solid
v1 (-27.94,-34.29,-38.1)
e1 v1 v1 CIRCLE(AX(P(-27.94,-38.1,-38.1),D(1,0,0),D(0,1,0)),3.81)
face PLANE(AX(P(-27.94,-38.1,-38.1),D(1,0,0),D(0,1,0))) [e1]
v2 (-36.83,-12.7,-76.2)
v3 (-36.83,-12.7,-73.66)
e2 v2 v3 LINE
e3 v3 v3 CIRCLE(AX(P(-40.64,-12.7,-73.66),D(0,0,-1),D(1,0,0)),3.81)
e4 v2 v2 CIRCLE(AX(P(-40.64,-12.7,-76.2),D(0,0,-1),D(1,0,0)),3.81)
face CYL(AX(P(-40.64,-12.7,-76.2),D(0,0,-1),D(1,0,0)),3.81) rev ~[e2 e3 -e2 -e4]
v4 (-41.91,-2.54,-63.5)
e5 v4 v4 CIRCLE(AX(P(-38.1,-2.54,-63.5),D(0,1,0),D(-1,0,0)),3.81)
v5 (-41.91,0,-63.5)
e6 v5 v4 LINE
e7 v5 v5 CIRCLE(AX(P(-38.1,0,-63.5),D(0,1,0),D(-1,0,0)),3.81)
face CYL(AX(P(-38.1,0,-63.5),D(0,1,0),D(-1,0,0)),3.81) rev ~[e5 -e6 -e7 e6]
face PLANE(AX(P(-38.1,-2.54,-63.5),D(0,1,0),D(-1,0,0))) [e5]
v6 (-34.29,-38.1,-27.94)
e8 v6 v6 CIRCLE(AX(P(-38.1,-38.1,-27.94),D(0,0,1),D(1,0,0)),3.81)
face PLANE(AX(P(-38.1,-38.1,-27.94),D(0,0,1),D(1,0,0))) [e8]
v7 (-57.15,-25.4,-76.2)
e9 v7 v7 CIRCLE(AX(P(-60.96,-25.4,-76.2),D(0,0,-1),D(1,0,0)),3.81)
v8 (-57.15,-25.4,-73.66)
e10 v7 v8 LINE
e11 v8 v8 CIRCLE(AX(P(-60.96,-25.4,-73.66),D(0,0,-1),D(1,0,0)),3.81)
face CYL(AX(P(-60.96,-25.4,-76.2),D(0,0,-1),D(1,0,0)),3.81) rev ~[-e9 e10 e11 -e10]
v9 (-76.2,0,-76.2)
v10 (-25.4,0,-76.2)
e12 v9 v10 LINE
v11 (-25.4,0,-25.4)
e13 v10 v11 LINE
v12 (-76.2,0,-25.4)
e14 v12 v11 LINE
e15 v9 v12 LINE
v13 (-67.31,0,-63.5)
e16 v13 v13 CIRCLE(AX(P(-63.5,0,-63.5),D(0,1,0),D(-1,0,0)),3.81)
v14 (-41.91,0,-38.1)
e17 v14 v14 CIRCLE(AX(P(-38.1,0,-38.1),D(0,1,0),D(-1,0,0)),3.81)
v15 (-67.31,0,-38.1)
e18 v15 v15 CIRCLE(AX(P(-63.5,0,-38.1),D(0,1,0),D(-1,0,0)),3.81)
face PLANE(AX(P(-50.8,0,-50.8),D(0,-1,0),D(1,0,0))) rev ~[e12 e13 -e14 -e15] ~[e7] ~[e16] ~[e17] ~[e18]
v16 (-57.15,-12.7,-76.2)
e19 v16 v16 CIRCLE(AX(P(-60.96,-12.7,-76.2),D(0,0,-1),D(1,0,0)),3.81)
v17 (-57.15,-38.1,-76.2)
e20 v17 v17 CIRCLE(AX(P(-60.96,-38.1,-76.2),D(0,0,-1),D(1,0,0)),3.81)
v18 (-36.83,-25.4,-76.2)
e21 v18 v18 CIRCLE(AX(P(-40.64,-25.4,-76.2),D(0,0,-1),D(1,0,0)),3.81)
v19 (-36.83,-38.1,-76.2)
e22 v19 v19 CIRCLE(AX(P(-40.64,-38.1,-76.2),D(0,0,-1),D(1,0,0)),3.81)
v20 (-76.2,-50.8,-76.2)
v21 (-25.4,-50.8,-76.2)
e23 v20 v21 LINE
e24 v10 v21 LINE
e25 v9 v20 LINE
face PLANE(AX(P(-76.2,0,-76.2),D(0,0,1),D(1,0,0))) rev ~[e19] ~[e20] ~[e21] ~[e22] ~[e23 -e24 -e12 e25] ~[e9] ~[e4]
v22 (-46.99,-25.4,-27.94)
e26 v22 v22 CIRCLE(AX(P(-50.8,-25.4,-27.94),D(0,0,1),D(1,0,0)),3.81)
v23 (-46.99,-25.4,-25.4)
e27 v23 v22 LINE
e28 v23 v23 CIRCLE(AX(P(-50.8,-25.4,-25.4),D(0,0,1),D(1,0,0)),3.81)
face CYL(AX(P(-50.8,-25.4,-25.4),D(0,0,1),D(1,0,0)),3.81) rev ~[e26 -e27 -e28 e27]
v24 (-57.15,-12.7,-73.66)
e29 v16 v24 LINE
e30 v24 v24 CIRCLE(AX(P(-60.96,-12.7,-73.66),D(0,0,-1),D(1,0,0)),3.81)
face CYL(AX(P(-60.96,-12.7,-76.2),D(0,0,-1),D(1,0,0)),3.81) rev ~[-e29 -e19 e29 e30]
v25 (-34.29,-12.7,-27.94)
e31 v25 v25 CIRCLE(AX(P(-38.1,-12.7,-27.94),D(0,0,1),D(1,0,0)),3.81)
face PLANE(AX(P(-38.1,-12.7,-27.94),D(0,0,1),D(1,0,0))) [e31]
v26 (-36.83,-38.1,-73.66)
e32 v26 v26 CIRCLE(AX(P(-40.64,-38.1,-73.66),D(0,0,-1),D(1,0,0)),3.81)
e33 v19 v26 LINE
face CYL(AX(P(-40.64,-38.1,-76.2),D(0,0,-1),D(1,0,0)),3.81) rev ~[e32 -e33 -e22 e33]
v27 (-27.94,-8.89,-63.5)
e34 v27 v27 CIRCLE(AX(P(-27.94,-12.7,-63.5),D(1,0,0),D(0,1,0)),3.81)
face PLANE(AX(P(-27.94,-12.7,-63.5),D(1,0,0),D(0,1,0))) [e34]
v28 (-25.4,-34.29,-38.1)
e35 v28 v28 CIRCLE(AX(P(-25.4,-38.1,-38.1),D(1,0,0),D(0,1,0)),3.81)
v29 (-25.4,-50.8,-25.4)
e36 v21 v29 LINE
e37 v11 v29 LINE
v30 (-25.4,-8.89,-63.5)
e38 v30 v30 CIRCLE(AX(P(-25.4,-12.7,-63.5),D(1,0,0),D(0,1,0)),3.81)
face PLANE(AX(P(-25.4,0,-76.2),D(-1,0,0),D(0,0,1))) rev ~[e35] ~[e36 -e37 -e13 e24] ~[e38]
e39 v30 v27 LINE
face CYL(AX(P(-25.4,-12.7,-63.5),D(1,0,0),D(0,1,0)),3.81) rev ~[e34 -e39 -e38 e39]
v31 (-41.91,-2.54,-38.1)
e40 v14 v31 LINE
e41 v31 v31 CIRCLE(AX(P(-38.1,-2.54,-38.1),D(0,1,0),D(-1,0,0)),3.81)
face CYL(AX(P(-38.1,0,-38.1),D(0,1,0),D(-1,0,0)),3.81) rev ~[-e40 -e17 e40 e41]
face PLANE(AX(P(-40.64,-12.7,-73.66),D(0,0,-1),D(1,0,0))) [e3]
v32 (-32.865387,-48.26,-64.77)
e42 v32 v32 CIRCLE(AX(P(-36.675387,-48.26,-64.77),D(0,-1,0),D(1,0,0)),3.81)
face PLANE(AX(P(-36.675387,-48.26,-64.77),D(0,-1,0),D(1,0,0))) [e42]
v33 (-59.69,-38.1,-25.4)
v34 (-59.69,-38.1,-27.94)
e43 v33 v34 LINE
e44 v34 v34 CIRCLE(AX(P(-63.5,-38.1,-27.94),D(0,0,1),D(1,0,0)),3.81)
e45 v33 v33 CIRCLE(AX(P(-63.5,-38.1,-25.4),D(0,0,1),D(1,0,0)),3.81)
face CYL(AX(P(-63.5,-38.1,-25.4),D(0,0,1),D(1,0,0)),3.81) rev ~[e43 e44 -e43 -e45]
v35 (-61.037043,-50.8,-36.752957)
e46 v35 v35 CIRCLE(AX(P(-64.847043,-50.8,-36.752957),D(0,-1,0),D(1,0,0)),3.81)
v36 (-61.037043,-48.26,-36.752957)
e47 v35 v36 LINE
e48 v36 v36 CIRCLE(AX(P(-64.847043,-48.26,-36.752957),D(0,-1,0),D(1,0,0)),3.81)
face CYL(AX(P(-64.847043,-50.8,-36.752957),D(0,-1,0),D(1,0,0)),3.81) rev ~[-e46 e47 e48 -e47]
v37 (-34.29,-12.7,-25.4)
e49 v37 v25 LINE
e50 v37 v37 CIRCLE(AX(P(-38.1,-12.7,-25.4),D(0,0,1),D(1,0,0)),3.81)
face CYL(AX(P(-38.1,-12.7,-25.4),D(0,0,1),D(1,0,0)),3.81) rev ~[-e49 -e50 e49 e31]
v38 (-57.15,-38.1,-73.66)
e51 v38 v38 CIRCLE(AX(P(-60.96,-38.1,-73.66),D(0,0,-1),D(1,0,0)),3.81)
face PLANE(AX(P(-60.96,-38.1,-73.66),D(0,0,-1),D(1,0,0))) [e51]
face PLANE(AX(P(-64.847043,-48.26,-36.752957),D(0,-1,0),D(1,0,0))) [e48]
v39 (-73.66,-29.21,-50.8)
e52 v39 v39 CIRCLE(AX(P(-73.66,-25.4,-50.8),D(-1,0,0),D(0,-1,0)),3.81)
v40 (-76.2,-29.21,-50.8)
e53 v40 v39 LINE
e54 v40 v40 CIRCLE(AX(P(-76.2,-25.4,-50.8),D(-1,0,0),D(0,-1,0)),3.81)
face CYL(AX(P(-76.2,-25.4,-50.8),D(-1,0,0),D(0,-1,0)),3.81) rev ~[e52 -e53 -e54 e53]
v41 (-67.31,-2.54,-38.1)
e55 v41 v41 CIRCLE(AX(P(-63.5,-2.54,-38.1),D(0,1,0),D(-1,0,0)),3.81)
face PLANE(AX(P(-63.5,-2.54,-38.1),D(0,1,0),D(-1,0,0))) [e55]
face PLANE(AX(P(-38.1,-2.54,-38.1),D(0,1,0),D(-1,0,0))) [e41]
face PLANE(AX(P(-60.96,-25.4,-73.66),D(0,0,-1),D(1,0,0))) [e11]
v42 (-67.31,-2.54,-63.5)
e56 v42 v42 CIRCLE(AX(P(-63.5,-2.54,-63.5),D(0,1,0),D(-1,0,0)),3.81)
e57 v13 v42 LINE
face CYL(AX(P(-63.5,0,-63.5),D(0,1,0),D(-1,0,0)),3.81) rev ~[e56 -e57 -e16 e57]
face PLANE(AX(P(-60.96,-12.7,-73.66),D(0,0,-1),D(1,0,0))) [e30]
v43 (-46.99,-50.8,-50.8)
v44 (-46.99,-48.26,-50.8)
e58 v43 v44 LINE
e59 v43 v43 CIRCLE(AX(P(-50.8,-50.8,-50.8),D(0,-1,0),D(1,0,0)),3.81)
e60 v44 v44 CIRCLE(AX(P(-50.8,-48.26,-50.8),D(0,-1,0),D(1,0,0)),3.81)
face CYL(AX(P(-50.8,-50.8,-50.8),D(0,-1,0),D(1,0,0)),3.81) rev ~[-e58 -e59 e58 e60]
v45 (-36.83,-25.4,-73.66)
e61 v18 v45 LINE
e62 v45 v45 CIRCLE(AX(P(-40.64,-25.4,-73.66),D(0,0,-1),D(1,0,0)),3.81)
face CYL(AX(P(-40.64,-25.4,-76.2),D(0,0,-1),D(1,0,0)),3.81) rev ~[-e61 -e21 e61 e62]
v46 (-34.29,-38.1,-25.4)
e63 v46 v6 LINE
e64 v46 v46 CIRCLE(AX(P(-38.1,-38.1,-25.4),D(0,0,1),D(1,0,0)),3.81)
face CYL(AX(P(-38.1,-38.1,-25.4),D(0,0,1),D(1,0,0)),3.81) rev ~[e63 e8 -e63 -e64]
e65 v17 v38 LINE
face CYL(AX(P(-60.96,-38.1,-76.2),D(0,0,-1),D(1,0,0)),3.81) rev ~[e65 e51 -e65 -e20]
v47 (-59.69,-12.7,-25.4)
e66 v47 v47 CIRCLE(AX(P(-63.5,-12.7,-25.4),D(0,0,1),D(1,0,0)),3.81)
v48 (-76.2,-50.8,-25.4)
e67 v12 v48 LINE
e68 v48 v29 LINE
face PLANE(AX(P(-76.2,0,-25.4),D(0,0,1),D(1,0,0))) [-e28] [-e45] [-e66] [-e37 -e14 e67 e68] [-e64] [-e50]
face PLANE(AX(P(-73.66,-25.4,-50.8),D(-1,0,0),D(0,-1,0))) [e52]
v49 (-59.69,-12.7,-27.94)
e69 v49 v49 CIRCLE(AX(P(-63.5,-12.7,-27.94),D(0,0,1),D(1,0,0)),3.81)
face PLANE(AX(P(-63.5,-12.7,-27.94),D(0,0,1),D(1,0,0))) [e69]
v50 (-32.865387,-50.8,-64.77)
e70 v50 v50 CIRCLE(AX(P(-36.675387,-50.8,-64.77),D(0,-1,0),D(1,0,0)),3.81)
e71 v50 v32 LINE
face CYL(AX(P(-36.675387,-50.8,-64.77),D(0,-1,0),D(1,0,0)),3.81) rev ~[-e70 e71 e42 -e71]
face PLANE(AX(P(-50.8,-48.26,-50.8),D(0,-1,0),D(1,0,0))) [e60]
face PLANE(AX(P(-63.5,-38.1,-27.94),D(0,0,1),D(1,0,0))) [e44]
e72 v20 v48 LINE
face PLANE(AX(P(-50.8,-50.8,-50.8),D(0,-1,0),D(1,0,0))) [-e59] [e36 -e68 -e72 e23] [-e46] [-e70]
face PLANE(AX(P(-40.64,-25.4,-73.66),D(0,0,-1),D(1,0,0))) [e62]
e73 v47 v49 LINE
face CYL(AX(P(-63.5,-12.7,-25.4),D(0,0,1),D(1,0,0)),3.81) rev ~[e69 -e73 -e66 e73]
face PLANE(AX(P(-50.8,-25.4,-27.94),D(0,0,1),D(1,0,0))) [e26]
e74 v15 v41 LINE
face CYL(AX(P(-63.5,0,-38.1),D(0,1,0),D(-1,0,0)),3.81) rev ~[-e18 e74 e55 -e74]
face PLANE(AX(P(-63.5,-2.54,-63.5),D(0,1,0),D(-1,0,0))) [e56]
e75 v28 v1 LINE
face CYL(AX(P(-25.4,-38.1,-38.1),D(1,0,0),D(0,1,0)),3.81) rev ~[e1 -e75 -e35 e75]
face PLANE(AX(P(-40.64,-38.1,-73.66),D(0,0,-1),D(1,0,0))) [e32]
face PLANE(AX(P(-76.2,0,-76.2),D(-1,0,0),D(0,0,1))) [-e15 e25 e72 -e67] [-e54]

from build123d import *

# Parameters (mm, degrees)
F0_W      = 50.8
F0_H      = 50.8
F1_DEPTH  = 50.8
F2_R      = 3.81
F3_DEPTH  = 2.54
F4_R      = 3.81
F5_DEPTH  = 2.54
F6_R      = 3.81
F7_DEPTH  = 2.54
F8_R      = 3.81
F9_DEPTH  = 2.54
F10_R     = 3.81
F11_DEPTH = 2.54
F12_R     = 3.81
F13_DEPTH = 2.54


with BuildPart() as f1:
    # F0 (on Front) → F1 (new body)
    with BuildSketch(Plane.XZ):
        with Locations((-50.8, -50.8)):
            Rectangle(F0_W, F0_H)
    extrude(amount=F1_DEPTH)

    # F2 (on face) → F3 (cut)
    with BuildSketch(Plane(origin=(-76.2, 0, 0), x_dir=(0, -1, 0), z_dir=(-1, 0, 0))):
        with Locations((25.4, -50.8)):
            Circle(F2_R)
    extrude(amount=-F3_DEPTH, mode=Mode.SUBTRACT)

    # F4 (on face) → F5 (cut)
    with BuildSketch(Plane.YZ.offset(-25.4)):
        with Locations((-12.7, -63.5)):
            Circle(F4_R)
        with Locations((-38.1, -38.1)):
            Circle(F4_R)
    extrude(amount=-F5_DEPTH, mode=Mode.SUBTRACT)

    # F6 (on face) → F7 (cut)
    with BuildSketch(Plane.XZ.offset(50.8)):
        with Locations((-50.8, -50.8)):
            Circle(F6_R)
        with Locations((-64.847043, -36.752957)):
            Circle(F6_R)
        with Locations((-36.675387, -64.77)):
            Circle(F6_R)
    extrude(amount=-F7_DEPTH, mode=Mode.SUBTRACT)

    # F8 (on face) → F9 (cut)
    with BuildSketch(Plane(origin=(0, 0, 0), x_dir=(-1, 0, 0), z_dir=(0, 1, 0))):
        with Locations((38.1, -38.1)):
            Circle(F8_R)
        with Locations((63.5, -38.1)):
            Circle(F8_R)
        with Locations((38.1, -63.5)):
            Circle(F8_R)
        with Locations((63.5, -63.5)):
            Circle(F8_R)
    extrude(amount=-F9_DEPTH, mode=Mode.SUBTRACT)

    # F10 (on face) → F11 (cut)
    with BuildSketch(Plane.XY.offset(-25.4)):
        with Locations((-63.5, -12.7)):
            Circle(F10_R)
        with Locations((-38.1, -12.7)):
            Circle(F10_R)
        with Locations((-63.5, -38.1)):
            Circle(F10_R)
        with Locations((-38.1, -38.1)):
            Circle(F10_R)
        with Locations((-50.8, -25.4)):
            Circle(F10_R)
    extrude(amount=-F11_DEPTH, mode=Mode.SUBTRACT)

    # F12 (on face) → F13 (cut)
    with BuildSketch(Plane(origin=(0, 0, -76.2), x_dir=(1, 0, 0), z_dir=(0, 0, -1))):
        with Locations((-60.96, 25.4)):
            Circle(F12_R)
        with Locations((-60.96, 38.1)):
            Circle(F12_R)
        with Locations((-60.96, 12.7)):
            Circle(F12_R)
        with Locations((-40.64, 12.7)):
            Circle(F12_R)
        with Locations((-40.64, 25.4)):
            Circle(F12_R)
        with Locations((-40.64, 38.1)):
            Circle(F12_R)
    extrude(amount=-F13_DEPTH, mode=Mode.SUBTRACT)


solid = f1.part
